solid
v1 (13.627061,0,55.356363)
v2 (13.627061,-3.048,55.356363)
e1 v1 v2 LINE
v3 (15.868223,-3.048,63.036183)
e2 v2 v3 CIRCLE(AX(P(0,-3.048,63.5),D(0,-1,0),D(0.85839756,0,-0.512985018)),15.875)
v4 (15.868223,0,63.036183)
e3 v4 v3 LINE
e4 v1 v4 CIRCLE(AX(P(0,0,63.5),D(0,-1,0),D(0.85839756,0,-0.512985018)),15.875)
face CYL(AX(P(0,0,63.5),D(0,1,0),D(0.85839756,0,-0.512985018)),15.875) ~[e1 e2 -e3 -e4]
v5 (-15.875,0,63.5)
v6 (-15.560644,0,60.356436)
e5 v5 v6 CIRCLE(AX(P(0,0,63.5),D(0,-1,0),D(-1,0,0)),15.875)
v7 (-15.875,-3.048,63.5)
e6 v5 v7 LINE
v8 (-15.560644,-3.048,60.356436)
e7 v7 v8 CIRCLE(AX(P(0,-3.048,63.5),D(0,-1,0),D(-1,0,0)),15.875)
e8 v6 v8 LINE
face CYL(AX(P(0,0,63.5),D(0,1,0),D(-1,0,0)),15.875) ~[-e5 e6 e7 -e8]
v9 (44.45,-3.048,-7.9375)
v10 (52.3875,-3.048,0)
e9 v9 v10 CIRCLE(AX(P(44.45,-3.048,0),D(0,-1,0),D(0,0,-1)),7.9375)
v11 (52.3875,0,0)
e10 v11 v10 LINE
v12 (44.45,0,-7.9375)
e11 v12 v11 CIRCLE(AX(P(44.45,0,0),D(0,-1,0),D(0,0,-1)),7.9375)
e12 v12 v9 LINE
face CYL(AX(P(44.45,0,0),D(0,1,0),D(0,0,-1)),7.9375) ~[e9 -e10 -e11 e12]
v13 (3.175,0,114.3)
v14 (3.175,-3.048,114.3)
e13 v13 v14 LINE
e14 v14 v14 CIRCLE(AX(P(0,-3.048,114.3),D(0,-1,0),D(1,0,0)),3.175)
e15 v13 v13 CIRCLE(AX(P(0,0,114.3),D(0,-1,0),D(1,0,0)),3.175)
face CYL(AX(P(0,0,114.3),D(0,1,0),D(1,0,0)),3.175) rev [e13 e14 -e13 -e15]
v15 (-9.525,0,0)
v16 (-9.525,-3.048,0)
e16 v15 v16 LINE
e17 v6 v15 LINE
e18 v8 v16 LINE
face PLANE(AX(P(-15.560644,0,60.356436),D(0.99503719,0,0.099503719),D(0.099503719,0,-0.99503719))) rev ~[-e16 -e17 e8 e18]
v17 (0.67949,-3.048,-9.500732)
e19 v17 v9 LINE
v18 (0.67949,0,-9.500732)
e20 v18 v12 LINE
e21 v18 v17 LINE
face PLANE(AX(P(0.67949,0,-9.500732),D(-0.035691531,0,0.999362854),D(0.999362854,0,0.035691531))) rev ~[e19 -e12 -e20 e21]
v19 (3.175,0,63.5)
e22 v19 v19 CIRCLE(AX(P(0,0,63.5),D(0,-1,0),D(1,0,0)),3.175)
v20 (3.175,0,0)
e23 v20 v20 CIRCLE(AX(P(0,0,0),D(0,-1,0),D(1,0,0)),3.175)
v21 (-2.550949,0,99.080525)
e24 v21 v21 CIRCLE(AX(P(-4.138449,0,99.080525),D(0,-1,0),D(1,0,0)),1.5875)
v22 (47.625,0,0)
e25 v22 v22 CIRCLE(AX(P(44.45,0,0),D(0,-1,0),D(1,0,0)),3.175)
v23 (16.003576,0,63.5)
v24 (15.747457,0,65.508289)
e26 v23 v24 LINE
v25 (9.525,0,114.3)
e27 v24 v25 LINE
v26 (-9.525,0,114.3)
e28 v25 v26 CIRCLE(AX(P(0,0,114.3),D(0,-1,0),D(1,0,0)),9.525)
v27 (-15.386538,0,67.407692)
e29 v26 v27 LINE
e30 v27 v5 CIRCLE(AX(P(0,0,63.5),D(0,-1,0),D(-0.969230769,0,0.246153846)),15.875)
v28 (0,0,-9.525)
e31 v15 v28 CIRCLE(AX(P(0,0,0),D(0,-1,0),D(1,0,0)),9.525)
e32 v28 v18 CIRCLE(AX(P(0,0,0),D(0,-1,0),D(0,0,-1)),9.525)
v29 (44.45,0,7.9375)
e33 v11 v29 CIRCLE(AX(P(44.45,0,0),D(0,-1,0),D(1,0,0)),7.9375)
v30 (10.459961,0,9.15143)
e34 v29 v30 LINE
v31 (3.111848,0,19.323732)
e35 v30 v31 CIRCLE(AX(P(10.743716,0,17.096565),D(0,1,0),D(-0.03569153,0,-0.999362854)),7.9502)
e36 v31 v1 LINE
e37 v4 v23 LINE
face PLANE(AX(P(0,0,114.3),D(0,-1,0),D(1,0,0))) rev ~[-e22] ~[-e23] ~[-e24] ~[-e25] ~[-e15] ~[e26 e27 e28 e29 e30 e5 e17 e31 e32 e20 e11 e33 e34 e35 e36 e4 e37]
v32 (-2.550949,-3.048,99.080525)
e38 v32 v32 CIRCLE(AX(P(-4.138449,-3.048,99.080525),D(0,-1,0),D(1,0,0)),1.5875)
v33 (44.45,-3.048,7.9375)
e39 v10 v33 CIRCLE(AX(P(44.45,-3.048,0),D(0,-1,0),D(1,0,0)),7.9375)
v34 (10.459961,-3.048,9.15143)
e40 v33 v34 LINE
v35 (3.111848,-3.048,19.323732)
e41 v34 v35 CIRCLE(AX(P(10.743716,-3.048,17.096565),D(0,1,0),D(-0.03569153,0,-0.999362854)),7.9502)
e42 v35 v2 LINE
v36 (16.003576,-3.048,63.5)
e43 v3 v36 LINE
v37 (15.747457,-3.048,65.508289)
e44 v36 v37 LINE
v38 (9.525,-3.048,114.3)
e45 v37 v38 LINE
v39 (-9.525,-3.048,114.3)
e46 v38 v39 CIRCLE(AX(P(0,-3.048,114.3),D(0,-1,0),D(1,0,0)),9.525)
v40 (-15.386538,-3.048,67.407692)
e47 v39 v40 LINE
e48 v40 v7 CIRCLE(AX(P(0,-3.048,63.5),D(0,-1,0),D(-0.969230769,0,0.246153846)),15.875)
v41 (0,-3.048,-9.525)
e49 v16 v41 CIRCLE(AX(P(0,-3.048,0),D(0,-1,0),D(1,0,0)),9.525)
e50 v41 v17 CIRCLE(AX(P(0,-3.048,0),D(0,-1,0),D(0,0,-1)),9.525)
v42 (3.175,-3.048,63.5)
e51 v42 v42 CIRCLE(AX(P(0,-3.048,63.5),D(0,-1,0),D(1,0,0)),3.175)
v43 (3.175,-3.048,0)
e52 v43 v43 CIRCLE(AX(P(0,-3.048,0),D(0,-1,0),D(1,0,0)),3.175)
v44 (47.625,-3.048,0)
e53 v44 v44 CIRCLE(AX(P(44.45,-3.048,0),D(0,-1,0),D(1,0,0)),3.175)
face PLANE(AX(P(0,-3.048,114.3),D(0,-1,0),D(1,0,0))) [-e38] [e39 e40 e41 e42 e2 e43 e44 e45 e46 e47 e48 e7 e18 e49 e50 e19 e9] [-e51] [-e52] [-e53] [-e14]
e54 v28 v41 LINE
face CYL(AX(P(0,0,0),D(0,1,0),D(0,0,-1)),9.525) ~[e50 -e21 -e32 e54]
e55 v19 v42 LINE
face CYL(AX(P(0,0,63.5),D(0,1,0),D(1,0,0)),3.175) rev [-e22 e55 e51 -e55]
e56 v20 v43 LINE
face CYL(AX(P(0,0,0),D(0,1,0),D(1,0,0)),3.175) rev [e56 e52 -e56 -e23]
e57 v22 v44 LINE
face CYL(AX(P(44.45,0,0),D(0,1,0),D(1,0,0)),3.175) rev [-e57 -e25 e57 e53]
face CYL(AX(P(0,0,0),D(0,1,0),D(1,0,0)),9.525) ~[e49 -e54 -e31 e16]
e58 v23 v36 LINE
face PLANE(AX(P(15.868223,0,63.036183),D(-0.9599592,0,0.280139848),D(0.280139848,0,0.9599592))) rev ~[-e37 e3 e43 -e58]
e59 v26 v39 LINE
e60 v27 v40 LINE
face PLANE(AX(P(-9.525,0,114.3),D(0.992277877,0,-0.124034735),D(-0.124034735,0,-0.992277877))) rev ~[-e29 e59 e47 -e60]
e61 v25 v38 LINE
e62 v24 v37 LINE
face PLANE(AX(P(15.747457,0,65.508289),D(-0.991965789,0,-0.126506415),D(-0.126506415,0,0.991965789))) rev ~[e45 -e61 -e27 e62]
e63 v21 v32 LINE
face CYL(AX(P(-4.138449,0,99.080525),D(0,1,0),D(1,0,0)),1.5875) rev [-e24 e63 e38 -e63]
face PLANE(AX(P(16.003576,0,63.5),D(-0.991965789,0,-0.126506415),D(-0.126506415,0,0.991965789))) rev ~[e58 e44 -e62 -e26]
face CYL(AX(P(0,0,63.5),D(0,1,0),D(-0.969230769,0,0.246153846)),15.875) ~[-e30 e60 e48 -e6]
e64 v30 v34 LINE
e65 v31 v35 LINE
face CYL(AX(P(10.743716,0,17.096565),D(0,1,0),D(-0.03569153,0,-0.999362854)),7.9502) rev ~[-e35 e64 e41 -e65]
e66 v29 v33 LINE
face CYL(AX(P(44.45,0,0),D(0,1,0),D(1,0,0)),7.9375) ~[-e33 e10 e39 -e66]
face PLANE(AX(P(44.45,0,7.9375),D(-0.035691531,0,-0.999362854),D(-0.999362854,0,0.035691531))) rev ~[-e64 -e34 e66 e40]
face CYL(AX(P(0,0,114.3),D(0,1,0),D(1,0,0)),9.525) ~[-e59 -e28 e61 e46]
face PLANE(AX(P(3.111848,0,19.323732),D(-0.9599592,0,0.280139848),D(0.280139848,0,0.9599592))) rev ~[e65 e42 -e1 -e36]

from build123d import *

# Parameters (mm, degrees)
F0_R     = 3.175
F0_R_2   = 1.5875
F1_DEPTH = 3.048


with BuildPart() as f1:
    # F0 (on Front) → F1 (new body)
    with BuildSketch(Plane.XZ):
        with BuildLine():
            ThreePointArc((-9.525, 114.3), (0, 104.775), (9.525, 114.3))
            ThreePointArc((9.525, 114.3), (0, 123.825), (-9.525, 114.3))
        make_face()
        with Locations((0, 114.3)):
            Circle(F0_R, mode=Mode.SUBTRACT)
        with BuildLine():
            Line((15.7474569502, 65.5082889734), (9.525, 114.3))
            ThreePointArc((9.525, 114.3), (0, 104.775), (-9.525, 114.3))
            Line((-9.525, 114.3), (-15.3865384615, 67.4076923077))
            ThreePointArc((-15.3865384615, 67.4076923077), (0.9666947789, 79.3455396312), (15.7474569502, 65.5082889734))
        make_face()
        with Locations((-4.1384492069, 99.0805253386)):
            Circle(F0_R_2, mode=Mode.SUBTRACT)
        with BuildLine():
            Line((16.0035761028, 63.5), (15.7474569502, 65.5082889734))
            ThreePointArc((15.7474569502, 65.5082889734), (15.843082151, 64.50616746), (15.875, 63.5))
            ThreePointArc((15.875, 63.5), (15.8733056435, 63.268066935), (15.8682229359, 63.036183379))
            Line((15.8682229359, 63.036183379), (16.0035761028, 63.5))
        make_face()
        with BuildLine():
            ThreePointArc((15.875, 63.5), (15.843082151, 64.50616746), (15.7474569502, 65.5082889734))
            ThreePointArc((15.7474569502, 65.5082889734), (0.9666947789, 79.3455396312), (-15.3865384615, 67.4076923077))
            Line((-15.3865384615, 67.4076923077), (-15.875, 63.5))
            Line((-15.875, 63.5), (-15.5606435644, 60.3564356436))
            ThreePointArc((-15.5606435644, 60.3564356436), (-2.6804602458, 47.852931333), (13.6270612691, 55.3563628416))
            Line((13.6270612691, 55.3563628416), (15.8682229359, 63.036183379))
            ThreePointArc((15.8682229359, 63.036183379), (15.8733056435, 63.268066935), (15.875, 63.5))
        make_face()
        with Locations((0, 63.5)):
            Circle(F0_R, mode=Mode.SUBTRACT)
        with BuildLine():
            Line((-15.875, 63.5), (-15.3865384615, 67.4076923077))
            ThreePointArc((-15.3865384615, 67.4076923077), (-15.7524112928, 65.4690514116), (-15.875, 63.5))
        make_face()
        with BuildLine():
            Line((-15.5606435644, 60.3564356436), (-15.875, 63.5))
            ThreePointArc((-15.875, 63.5), (-15.7962153946, 61.9203784605), (-15.5606435644, 60.3564356436))
        make_face()
        with BuildLine():
            ThreePointArc((13.6270612691, 55.3563628416), (15.2393522978, 59.0527799082), (15.8682229359, 63.036183379))
            Line((15.8682229359, 63.036183379), (13.6270612691, 55.3563628416))
        make_face()
        with BuildLine():
            ThreePointArc((13.6270612691, 55.3563628416), (-2.6804602458, 47.852931333), (-15.5606435644, 60.3564356436))
            Line((-15.5606435644, 60.3564356436), (-9.525, 0))
            ThreePointArc((-9.525, 0), (0, 9.525), (9.525, 0))
            ThreePointArc((9.525, 0), (6.9712901065, -6.4905114784), (0.6794904459, -9.5007324841))
            Line((0.6794904459, -9.5007324841), (44.45, -7.9375))
            ThreePointArc((44.45, -7.9375), (36.5125, 0), (44.45, 7.9375))
            Line((44.45, 7.9375), (10.4599609056, 9.1514299677))
            ThreePointArc((10.4599609056, 9.1514299677), (4.2990897641, 12.4411938232), (3.1118480807, 19.3237323543))
            Line((3.1118480807, 19.3237323543), (13.6270612691, 55.3563628416))
        make_face()
        with BuildLine():
            ThreePointArc((9.525, 0), (0, 9.525), (-9.525, 0))
            ThreePointArc((-9.525, 0), (-6.7351920908, -6.7351920908), (0, -9.525))
            Line((0, -9.525), (0.6794904459, -9.5007324841))
            ThreePointArc((0.6794904459, -9.5007324841), (6.9712901065, -6.4905114784), (9.525, 0))
        make_face()
        Circle(F0_R, mode=Mode.SUBTRACT)
        with BuildLine():
            Line((0.6794904459, -9.5007324841), (0, -9.525))
            ThreePointArc((0, -9.525), (0.3399618281, -9.5189311877), (0.6794904459, -9.5007324841))
        make_face()
        with BuildLine():
            ThreePointArc((52.3875, 0), (50.0626600757, 5.6126600757), (44.45, 7.9375))
            ThreePointArc((44.45, 7.9375), (36.5125, 0), (44.45, -7.9375))
            ThreePointArc((44.45, -7.9375), (50.0626600757, -5.6126600757), (52.3875, 0))
        make_face()
        with Locations((44.45, 0)):
            Circle(F0_R, mode=Mode.SUBTRACT)
    extrude(amount=F1_DEPTH)


solid = f1.part
